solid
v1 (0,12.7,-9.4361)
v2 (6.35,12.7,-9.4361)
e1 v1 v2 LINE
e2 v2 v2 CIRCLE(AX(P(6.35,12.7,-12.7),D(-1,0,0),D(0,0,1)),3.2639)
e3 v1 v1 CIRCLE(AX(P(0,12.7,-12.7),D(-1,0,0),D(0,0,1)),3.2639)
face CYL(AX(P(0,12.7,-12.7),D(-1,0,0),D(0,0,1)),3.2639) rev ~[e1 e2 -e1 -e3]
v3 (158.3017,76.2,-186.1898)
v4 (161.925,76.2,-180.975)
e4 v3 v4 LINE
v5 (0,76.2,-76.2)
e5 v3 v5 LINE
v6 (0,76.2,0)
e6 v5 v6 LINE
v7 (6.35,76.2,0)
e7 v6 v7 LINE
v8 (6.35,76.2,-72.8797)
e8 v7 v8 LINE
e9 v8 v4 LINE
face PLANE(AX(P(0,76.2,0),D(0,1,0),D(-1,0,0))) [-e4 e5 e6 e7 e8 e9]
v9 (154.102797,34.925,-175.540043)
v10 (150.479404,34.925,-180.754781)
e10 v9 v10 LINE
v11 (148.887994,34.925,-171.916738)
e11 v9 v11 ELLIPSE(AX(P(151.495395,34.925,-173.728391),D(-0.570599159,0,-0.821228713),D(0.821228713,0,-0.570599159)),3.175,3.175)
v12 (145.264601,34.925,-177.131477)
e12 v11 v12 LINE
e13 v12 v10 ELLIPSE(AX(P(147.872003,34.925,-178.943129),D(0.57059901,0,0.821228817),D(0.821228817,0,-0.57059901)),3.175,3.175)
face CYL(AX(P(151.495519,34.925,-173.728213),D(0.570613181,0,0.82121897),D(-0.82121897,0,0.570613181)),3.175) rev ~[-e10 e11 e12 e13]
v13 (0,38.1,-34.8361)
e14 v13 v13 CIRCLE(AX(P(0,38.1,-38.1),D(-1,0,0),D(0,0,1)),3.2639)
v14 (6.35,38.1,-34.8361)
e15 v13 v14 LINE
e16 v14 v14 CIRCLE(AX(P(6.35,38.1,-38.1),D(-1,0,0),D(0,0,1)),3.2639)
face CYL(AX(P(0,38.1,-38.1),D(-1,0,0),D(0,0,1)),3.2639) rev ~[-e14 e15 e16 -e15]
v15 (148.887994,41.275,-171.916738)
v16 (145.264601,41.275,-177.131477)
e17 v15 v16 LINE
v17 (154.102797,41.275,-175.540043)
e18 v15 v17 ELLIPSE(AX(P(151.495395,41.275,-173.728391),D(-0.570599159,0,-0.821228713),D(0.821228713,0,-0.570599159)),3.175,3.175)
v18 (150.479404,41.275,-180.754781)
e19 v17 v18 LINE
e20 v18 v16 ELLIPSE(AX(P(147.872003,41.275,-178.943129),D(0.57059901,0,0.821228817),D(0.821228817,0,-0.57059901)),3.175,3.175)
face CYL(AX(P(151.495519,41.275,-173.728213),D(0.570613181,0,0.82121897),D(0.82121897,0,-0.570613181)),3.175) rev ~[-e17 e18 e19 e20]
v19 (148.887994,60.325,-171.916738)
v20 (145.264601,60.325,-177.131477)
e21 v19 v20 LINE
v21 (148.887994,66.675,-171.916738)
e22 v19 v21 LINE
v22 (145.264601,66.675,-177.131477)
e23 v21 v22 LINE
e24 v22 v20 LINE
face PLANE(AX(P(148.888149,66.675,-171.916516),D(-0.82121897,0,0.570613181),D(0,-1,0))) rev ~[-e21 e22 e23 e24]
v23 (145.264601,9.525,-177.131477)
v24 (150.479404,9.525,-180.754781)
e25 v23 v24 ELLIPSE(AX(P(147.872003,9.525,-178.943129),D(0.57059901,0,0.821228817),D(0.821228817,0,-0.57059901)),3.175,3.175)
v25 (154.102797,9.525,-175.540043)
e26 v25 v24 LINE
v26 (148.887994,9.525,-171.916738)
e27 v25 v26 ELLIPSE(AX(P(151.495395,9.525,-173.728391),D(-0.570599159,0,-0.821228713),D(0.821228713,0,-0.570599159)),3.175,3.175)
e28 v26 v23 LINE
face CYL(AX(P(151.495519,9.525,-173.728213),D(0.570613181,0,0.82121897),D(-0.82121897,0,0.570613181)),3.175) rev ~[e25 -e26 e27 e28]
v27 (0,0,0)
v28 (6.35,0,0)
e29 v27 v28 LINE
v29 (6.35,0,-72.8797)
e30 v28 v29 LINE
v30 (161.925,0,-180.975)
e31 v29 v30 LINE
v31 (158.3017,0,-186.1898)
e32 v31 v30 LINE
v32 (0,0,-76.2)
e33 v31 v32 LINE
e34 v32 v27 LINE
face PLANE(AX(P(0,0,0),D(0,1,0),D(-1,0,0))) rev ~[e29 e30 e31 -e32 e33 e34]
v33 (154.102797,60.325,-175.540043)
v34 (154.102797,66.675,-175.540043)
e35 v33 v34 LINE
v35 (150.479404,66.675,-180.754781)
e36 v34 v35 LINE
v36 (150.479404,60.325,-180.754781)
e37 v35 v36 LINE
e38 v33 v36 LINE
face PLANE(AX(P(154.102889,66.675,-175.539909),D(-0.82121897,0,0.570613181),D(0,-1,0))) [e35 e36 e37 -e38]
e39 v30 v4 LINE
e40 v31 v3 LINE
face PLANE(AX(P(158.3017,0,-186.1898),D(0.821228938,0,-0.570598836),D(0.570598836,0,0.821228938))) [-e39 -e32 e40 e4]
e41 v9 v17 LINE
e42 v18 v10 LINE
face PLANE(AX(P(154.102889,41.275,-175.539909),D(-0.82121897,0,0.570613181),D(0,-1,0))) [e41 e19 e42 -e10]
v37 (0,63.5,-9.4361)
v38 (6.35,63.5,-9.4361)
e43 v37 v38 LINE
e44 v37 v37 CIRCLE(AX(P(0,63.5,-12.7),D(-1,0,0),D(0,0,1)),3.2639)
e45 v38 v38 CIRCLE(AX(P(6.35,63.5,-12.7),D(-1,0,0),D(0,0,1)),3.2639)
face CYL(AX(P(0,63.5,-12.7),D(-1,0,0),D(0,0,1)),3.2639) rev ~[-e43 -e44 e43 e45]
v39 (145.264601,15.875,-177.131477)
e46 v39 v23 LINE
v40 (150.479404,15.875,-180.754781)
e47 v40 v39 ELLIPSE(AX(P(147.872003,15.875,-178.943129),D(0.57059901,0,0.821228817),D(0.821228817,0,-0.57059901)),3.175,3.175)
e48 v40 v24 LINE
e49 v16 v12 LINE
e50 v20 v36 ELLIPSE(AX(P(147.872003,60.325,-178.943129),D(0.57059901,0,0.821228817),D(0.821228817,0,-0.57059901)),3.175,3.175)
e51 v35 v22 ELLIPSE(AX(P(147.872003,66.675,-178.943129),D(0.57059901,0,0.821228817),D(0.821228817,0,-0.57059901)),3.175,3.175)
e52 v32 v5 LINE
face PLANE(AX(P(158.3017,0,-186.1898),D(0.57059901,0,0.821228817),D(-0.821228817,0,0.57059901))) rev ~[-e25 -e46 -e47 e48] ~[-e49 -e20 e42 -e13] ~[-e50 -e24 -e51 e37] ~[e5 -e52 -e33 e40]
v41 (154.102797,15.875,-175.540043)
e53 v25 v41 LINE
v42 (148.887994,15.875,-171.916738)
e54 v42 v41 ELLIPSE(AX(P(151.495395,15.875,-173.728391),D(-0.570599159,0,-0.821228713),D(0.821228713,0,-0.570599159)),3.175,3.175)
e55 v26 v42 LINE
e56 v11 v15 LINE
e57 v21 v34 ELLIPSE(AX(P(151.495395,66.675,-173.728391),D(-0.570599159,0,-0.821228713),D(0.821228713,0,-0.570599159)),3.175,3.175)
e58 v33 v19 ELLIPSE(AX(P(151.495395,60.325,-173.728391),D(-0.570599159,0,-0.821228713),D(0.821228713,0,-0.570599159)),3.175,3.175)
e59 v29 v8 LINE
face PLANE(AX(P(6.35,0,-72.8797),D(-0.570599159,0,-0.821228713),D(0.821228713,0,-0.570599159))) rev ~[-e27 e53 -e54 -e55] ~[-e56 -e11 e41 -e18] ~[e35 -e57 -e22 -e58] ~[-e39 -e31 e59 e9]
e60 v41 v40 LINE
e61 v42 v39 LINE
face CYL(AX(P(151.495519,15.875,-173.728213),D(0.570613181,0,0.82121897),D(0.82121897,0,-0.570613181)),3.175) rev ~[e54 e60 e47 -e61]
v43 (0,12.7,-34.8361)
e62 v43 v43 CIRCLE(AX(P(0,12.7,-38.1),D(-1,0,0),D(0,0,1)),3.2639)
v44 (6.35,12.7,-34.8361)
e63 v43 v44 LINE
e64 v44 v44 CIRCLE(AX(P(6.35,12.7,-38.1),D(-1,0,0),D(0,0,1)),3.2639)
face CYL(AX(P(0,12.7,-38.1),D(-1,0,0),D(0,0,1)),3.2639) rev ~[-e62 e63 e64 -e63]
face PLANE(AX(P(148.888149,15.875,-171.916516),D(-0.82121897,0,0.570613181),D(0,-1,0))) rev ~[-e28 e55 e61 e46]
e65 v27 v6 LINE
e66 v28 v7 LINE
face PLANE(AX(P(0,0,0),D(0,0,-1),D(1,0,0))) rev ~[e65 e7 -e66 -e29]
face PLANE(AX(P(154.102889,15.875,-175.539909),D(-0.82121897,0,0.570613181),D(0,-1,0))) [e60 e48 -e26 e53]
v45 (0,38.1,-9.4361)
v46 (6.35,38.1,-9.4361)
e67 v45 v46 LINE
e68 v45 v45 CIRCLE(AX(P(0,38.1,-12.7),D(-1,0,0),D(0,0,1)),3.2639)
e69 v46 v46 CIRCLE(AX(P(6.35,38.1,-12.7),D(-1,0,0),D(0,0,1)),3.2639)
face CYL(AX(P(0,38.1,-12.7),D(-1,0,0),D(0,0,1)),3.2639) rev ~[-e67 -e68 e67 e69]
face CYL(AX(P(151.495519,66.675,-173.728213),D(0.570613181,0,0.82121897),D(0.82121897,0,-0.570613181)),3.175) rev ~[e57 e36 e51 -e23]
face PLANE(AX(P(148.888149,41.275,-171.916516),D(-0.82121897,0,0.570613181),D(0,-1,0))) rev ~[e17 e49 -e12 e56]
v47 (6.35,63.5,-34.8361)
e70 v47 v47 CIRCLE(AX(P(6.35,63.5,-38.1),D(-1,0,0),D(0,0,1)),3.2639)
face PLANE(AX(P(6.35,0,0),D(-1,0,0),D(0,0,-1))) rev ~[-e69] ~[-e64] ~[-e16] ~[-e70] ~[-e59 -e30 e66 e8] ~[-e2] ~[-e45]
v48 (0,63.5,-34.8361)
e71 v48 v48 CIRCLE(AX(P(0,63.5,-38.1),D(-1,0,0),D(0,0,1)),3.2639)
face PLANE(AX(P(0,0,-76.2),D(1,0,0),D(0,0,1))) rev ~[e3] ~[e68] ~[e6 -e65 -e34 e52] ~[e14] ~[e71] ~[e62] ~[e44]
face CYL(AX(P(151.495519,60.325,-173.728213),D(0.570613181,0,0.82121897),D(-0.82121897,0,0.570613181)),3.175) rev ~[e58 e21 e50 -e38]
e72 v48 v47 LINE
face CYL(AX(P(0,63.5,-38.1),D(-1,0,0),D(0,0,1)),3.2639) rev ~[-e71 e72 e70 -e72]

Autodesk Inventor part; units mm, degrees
ref_plane "YZ Plane" through (0, 0, 0) normal (1, 0, 0) x (0, 1, 0)
ref_plane "XZ Plane" through (0, 0, 0) normal (0, 1, 0) x (-1, 0, 0)
ref_plane "XY Plane" through (0, 0, 0) normal (0, 0, 1) x (1, 0, 0)
sketch "Sketch1" plane through (0, 0, 0) normal (0, 1, 0) x (-1, 0, 0)
  line L0 (0, 0) -> (-6.35, 0)
  line L1 (-6.35, 0) -> (-6.35, -76.2)
  line L2 (-6.35, -76.2) -> (0, -76.2)
  line L3 (0, -76.2) -> (0, 0)
  line L4 (-6.35, -72.8797) -> (-161.925, -180.975)
  line L5 (-158.3017, -186.1898) -> (0, -76.2)
  line L6 (-158.3017, -186.1898) -> (-161.925, -180.975)
  point P0 (-6.35, -38.1)
  point P1 (-3.175, -76.2)
  point P2 (-6.35, -6.35)
  dimension "d9" = 6.35
  dimension "d10" = 76.2
  dimension "d30" = 6.35
  dimension "d31" = 6.35
  dimension "d32" = 155.575
  dimension "d33" = 174.625
  dimension "d53" = 6.35
extrude "Extrusion1" add sketch "Sketch1" along normal blind 76.2
sketch "Sketch2" plane through (0, 0, -76.2) normal (-1, 0, 0) x (0, 0, 1)
  circle A0 centre (63.5, 12.7) radius 3.2639
  circle A1 centre (63.5, 38.1) radius 3.2639
  circle A2 centre (63.5, 63.5) radius 3.2639
  line L0 (0, 0) -> (0, 76.2) projected
  line L1 (0, 0) -> (76.2, 0) projected
  line L2 (76.2, 0) -> (76.2, 76.2) projected
  circle A3 centre (38.1, 63.5) radius 3.2639
  circle A4 centre (38.1, 38.1) radius 3.2639
  circle A5 centre (38.1, 12.7) radius 3.2639
  dimension "d18" = 6.5278
  dimension "d19" = 25.4
  dimension "d21" = 25.4
  dimension "d22" = 12.7
  dimension "d34" = 12.7
  dimension "d35" = 25.4
  dimension "d36" = 25.4
  dimension "d38" = 25.4
extrude "Extrusion2" cut sketch "Sketch2" against normal through all
sketch "Sketch4" plane through (161.925, 0, -180.975) normal (0.5706, 0, 0.8212) x (0.8212, 0, -0.5706)
  arc A0 (-9.525, 66.675) -> (-15.875, 66.675) centre (-12.7, 66.675) ccw
  arc A1 (-15.875, 60.325) -> (-9.525, 60.325) centre (-12.7, 60.325) ccw
  line L0 (-12.7, 76.4683) -> (-12.7, 0) construction
  line L1 (-189.4417, 0) -> (0, 0) construction
  line L2 (0, 0) -> (0, 76.2) construction
  line L3 (-15.875, 66.675) -> (-15.875, 60.325)
  line L4 (-9.525, 66.675) -> (-9.525, 60.325)
  arc A2 (-9.525, 41.275) -> (-15.875, 41.275) centre (-12.7, 41.275) ccw
  line L5 (-15.875, 41.275) -> (-15.875, 34.925)
  line L6 (-9.525, 41.275) -> (-9.525, 34.925)
  arc A3 (-15.875, 34.925) -> (-9.525, 34.925) centre (-12.7, 34.925) ccw
  arc A4 (-9.525, 15.875) -> (-15.875, 15.875) centre (-12.7, 15.875) ccw
  line L7 (-15.875, 15.875) -> (-15.875, 9.525)
  line L8 (-9.525, 15.875) -> (-9.525, 9.525)
  arc A5 (-15.875, 9.525) -> (-9.525, 9.525) centre (-12.7, 9.525) ccw
  point P0 (-236.2416, 0)
  point P1 (-182.3346, 0)
  point P2 (-9.525, 63.5)
  point P3 (-9.525, 38.1)
  point P4 (-9.525, 12.7)
  dimension "d39" = 6.35
  dimension "d40" = 6.35
  dimension "d41" = 6.35
  dimension "d42" = 12.7
  dimension "d43" = 63.5
  dimension "d46" = 25.4
extrude "Extrusion3" cut sketch "Sketch4" against normal through all
properties part number "INDX_006_Funnel" material "ABS Plastic"
